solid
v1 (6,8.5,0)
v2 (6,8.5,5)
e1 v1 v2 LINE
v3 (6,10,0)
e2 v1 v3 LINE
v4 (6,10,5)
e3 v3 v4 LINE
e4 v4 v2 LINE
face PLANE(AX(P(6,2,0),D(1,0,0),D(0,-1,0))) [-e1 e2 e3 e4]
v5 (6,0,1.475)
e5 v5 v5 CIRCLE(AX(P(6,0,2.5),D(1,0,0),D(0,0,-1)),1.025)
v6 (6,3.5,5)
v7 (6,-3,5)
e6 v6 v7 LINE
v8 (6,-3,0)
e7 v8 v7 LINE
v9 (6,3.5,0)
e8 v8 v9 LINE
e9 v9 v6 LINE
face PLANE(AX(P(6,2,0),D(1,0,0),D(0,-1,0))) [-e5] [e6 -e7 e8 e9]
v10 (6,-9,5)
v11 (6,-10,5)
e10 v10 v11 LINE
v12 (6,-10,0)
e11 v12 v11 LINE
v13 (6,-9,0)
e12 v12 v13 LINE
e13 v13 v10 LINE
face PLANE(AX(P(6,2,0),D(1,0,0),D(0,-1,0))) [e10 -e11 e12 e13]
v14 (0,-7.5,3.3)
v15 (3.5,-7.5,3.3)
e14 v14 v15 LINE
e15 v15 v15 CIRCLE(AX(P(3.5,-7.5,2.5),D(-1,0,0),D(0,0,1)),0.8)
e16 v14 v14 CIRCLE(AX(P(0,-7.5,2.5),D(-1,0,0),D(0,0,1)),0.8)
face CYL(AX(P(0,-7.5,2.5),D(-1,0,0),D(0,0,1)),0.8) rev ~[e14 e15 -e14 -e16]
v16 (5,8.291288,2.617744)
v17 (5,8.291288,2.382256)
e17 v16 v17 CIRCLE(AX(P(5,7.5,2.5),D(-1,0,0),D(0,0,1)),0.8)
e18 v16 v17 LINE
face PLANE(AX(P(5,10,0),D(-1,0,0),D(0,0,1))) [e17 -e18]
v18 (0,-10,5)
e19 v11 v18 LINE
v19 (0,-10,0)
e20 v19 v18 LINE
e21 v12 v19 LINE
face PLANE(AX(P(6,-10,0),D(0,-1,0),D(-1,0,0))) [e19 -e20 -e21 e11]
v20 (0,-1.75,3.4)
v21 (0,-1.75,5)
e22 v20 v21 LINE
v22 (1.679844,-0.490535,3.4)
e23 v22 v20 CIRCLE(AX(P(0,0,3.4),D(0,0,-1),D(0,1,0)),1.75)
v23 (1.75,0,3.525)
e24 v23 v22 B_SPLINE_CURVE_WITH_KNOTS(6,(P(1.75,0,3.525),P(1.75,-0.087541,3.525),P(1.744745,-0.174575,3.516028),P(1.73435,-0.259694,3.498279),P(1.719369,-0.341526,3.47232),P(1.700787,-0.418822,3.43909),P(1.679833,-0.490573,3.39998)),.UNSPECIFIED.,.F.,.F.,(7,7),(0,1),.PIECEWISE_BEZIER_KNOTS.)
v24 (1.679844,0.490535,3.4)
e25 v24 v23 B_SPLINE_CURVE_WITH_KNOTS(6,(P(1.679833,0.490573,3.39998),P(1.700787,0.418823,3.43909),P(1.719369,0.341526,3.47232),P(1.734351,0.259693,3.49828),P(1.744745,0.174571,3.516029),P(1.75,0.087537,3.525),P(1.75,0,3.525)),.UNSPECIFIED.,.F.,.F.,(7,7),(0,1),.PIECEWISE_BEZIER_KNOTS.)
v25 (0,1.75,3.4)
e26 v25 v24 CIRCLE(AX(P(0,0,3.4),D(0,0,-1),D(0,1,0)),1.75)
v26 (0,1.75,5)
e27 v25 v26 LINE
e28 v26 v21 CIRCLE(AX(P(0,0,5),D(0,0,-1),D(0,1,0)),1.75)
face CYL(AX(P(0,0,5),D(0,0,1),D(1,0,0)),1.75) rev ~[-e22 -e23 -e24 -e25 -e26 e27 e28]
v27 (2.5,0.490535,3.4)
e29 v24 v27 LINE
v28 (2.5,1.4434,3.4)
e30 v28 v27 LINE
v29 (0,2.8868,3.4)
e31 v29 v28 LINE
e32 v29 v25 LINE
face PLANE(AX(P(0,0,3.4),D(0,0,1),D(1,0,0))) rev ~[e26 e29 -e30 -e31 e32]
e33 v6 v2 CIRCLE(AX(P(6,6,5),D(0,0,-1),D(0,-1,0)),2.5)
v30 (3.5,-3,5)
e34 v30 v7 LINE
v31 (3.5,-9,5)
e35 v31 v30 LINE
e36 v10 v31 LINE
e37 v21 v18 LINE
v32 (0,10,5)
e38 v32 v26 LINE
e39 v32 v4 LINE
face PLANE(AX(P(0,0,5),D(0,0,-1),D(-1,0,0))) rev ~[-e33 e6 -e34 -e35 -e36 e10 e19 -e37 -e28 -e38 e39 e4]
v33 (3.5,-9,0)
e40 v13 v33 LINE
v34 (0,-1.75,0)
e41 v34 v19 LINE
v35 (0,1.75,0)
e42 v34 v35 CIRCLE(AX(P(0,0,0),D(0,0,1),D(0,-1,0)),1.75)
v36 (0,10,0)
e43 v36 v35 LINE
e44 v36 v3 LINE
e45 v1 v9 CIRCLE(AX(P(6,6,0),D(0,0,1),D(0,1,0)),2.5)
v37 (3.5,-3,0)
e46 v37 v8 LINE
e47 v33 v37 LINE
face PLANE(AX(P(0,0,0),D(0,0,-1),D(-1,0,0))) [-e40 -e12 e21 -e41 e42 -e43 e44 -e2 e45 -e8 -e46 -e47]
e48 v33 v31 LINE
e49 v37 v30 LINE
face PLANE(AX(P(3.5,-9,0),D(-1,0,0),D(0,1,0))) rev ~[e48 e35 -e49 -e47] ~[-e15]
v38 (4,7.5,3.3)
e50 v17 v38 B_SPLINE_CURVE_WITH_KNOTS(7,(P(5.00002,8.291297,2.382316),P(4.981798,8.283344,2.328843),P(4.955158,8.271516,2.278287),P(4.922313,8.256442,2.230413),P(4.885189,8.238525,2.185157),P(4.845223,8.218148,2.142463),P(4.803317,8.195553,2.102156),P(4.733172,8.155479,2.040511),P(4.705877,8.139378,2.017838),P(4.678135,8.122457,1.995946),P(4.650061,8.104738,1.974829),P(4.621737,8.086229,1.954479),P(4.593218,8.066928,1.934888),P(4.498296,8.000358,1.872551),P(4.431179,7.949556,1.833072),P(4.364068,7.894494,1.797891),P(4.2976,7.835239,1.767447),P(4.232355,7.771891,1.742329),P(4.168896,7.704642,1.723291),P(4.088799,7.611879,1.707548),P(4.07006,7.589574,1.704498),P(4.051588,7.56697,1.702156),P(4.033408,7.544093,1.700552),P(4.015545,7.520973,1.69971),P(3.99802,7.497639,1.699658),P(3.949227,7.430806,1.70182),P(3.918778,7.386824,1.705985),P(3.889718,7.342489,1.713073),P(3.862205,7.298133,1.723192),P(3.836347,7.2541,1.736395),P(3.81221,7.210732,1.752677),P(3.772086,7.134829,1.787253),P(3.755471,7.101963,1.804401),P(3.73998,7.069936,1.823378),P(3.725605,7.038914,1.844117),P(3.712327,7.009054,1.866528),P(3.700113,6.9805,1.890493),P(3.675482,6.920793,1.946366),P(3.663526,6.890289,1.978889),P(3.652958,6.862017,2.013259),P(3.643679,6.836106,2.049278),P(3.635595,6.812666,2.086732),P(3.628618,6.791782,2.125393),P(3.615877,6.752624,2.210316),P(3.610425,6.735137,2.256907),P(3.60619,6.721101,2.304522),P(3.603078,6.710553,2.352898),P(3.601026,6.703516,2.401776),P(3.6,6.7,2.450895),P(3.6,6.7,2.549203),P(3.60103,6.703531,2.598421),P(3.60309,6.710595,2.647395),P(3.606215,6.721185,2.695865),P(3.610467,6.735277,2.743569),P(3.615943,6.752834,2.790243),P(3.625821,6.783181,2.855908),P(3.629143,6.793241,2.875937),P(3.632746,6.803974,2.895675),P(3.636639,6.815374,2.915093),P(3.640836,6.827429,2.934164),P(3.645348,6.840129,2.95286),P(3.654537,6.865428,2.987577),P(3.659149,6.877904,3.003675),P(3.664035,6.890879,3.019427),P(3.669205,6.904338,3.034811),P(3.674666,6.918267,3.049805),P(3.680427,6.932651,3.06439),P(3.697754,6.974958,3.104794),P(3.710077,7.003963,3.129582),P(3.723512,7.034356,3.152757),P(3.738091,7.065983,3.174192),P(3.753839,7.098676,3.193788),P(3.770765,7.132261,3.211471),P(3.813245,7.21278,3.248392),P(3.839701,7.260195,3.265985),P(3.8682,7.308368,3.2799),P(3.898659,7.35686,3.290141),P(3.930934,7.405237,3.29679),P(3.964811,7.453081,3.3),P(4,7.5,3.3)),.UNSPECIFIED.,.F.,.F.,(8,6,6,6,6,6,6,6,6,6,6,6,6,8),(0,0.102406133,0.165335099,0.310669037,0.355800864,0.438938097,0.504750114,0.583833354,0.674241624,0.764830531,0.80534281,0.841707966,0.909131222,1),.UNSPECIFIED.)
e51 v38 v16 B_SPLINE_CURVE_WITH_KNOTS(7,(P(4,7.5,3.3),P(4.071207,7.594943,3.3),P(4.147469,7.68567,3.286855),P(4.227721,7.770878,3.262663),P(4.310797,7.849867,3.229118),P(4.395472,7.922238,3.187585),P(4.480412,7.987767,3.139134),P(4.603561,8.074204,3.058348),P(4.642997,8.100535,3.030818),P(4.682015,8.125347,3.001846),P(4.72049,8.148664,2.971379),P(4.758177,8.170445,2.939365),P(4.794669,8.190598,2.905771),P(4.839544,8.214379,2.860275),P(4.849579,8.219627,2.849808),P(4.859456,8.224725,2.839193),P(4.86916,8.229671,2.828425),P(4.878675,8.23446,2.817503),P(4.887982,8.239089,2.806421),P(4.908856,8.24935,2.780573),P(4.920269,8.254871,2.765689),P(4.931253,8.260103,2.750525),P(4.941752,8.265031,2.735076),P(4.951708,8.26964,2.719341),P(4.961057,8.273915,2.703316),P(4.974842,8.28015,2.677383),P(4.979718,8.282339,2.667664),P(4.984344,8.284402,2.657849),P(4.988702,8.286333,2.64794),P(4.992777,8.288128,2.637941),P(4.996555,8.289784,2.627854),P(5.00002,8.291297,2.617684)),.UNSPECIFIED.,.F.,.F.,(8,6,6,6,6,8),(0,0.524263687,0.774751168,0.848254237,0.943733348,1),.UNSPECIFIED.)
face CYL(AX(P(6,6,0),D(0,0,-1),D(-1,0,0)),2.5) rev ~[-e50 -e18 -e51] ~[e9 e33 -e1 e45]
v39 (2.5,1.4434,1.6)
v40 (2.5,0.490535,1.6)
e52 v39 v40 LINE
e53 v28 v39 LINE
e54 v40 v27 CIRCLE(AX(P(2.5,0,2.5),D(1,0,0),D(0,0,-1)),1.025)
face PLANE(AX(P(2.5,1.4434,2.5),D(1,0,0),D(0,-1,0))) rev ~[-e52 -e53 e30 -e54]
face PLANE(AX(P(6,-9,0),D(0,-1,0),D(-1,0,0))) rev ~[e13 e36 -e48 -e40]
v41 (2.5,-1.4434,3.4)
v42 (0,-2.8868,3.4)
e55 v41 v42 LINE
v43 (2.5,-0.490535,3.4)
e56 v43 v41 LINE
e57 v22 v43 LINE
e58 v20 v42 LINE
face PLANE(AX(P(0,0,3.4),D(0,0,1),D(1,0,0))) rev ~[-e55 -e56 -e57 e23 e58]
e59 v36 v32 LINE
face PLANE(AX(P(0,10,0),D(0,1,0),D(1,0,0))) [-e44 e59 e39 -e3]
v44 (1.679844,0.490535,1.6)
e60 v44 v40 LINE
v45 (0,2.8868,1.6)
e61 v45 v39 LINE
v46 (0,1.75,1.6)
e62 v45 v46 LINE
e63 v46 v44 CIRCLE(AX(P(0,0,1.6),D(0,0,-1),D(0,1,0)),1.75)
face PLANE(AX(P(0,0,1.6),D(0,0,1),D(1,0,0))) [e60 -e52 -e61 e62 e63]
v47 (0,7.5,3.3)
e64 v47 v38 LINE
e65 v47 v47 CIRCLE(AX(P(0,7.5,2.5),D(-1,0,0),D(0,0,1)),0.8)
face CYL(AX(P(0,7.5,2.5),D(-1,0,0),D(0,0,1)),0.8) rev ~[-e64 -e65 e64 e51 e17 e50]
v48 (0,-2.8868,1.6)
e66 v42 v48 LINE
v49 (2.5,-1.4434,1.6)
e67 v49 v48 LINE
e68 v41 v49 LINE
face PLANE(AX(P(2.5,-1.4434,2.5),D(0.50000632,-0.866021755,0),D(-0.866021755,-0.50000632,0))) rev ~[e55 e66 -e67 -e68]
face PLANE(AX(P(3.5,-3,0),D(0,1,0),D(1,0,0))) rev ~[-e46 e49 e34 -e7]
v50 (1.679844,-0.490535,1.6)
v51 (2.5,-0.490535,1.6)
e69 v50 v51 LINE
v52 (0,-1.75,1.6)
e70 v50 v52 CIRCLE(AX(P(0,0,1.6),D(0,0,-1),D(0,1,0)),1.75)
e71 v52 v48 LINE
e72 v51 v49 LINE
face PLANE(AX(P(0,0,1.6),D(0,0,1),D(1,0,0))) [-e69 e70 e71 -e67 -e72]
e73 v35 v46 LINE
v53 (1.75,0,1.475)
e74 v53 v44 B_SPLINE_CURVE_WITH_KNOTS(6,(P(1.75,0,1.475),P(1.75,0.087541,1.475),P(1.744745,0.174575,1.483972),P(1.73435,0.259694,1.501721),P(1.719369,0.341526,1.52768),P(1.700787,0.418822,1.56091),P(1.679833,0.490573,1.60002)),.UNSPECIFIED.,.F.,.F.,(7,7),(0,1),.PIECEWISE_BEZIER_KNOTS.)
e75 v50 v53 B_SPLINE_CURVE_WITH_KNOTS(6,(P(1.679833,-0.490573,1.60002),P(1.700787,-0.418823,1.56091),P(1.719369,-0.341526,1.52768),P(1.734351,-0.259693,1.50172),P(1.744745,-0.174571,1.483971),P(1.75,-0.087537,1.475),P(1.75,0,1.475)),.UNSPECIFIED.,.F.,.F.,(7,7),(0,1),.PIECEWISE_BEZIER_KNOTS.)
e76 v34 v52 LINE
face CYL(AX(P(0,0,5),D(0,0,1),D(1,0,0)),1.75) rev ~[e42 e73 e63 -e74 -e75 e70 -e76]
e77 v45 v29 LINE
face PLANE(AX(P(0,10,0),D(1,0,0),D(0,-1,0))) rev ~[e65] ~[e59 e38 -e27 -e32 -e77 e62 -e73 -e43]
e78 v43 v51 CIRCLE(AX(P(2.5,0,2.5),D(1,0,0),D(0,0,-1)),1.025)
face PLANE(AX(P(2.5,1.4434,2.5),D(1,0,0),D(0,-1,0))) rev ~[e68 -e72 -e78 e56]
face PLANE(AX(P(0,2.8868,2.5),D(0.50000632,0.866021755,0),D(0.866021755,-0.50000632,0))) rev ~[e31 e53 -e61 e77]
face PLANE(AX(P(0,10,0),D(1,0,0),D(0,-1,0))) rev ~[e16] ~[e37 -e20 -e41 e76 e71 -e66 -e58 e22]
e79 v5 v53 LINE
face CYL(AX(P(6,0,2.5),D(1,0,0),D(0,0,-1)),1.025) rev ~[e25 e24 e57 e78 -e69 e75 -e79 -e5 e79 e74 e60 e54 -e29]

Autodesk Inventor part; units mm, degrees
ref_plane "YZ Plane" through (0, 0, 0) normal (1, 0, 0) x (0, 1, 0)
ref_plane "XZ Plane" through (0, 0, 0) normal (0, 1, 0) x (-1, 0, 0)
ref_plane "XY Plane" through (0, 0, 0) normal (0, 0, 1) x (1, 0, 0)
sketch "Sketch1" plane through (0, 0, 0) normal (0, 0, 1) x (1, 0, 0)
  line L0 (10, -10) -> (-10, -10)
  line L1 (-10, -10) -> (-10, 10)
  line L2 (-10, 10) -> (10, 10)
  line L3 (10, 10) -> (10, -10)
  line L4 (10, -10) -> (-10, 10) construction
  line L5 (-10, -10) -> (10, 10) construction
  line L6 (10, -10) -> (6, -10)
  line L7 (6, -10) -> (6, 10)
  line L8 (6, 10) -> (10, 10)
  line L9 (10, 10) -> (10, -10)
  line L10 (6, 2) -> (4, 2)
  line L11 (4, 2) -> (4, -2)
  line L12 (4, -2) -> (6, -2)
  line L13 (6, -2) -> (6, 2)
  line L14 (0, 10) -> (0, -10)
  point P0 (0, 0)
  dimension "d0" = 20
  dimension "d1" = 20
  dimension "d2" = 4
  dimension "d6" = 2
  dimension "d7" = 2
  dimension "d8" = 4
  dimension "d9" = 2
  dimension "d44" = 6
extrude "Extrusion1" add sketch "Sketch1" along normal blind 5 contours L0 L14 L2 L7 L10 L11 L12
ref_plane "Work Plane1" through (0, 0, 2.5) normal (0, 0, 1) x (1, 0, 0)
sketch "Sketch2" plane through (0, 0, 2.5) normal (0, 0, 1) x (1, 0, 0)
  line L0 (0, 10) -> (0, -10) projected
  line L1 (0, 2.8868) -> (2.5, 1.4434)
  line L2 (2.5, 1.4434) -> (2.5, -1.4434)
  line L3 (2.5, -1.4434) -> (0, -2.8868)
  line L4 (0, -2.8868) -> (-2.5, -1.4434)
  line L5 (-2.5, -1.4434) -> (-2.5, 1.4434)
  line L6 (-2.5, 1.4434) -> (0, 2.8868)
  point P0 (0, 0)
  point P1 (0, 0)
  dimension "d12" = 5
extrude "Extrusion2" cut sketch "Sketch2" along normal mid plane 1.8
sketch "Sketch3" plane through (0, 0, 5) normal (0, 0, 1) x (1, 0, 0)
  circle A0 centre (0, 0) radius 1.75
  dimension "d15" = 3.5
extrude "Extrusion3" cut sketch "Sketch3" against normal blind 8
sketch "Sketch4" plane through (0, 10, 0) normal (-1, 0, 0) x (0, 0, 1)
  circle A0 centre (2.5, -2.5) radius 0.8
  circle A1 centre (2.5, -17.5) radius 0.8
  line L0 (0, 0) -> (5, 0) projected
  line L1 (0, 0) -> (0, -8.25) projected
  line L2 (0, -11.75) -> (0, -20) projected
  line L3 (0, -20) -> (5, -20) projected
  point P0 (0, -10)
  dimension "d18" = 1.6
  dimension "d19" = 1.6
  dimension "d20" = 2.5
  dimension "d21" = 2.5
  dimension "d22" = 2.5
  dimension "d23" = 2.5
extrude "Extrusion4" cut sketch "Sketch4" against normal blind 5
thread "Thread1" size "M2x0.4" class "6H" standard "ANSI Metric M Profile" full length
thread "Thread2" size "M2x0.4" class "6H" standard "ANSI Metric M Profile" full length
sketch "Sketch5" plane through (0, 0, 0) normal (0, 0, -1) x (-1, 0, 0)
  line L0 (-4, -2) -> (-4, 2) projected
  line L1 (-6, -10) -> (-6, -2) projected
  line L2 (-4, 2) -> (-6, 2)
  line L3 (-6, 2) -> (-6, -2)
  line L4 (-6, -2) -> (-4, -2)
  line L5 (-4, -2) -> (-4, 2)
  point P0 (0, 0)
extrude "Extrusion5" add sketch "Sketch5" against normal blind 5
sketch "Sketch6" plane through (0, 0, 0) normal (0, 0, -1) x (-1, 0, 0)
  line L0 (-6, -10) -> (-6, 10) projected
  circle A0 centre (-6, 6) radius 2.5
  line L1 (-6, -9) -> (-3.5, -9)
  line L2 (-3.5, -9) -> (-3.5, -3)
  line L3 (-3.5, -3) -> (-6, -3)
  line L4 (-6, -3) -> (-6, -9)
  line L5 (0, -10) -> (-6, -10) projected
  line L6 (-6, 10) -> (0, 10) projected
  point P0 (0, 0)
  point P1 (-6, 8.5)
  point P2 (-6, 3.5)
  dimension "d32" = 2.5
  dimension "d33" = 1
  dimension "d34" = 6
  dimension "d35" = 5
  dimension "d36" = 4
extrude "Extrusion6" cut sketch "Sketch6" against normal blind 5 contours L0 A0 | L0 L3 L2 L1 picked at (-5.3485, 6.5196)
sketch "Sketch7" plane through (6, -3, 0) normal (1, 0, 0) x (0, 0, -1)
  circle A0 centre (-2.5, 3) radius 1.025
  line L0 (-5, 0) -> (-5, 6.5) projected
  line L1 (0, -7) -> (-5, -7) projected
  point P0 (0, 3)
  dimension "d39" = 2.5
  dimension "d40" = 10
  dimension "d41" = 2.05
extrude "Extrusion7" cut sketch "Sketch7" against normal blind 12
equation "\"d19\" = d18"
properties part number "POMSliderMotor"
